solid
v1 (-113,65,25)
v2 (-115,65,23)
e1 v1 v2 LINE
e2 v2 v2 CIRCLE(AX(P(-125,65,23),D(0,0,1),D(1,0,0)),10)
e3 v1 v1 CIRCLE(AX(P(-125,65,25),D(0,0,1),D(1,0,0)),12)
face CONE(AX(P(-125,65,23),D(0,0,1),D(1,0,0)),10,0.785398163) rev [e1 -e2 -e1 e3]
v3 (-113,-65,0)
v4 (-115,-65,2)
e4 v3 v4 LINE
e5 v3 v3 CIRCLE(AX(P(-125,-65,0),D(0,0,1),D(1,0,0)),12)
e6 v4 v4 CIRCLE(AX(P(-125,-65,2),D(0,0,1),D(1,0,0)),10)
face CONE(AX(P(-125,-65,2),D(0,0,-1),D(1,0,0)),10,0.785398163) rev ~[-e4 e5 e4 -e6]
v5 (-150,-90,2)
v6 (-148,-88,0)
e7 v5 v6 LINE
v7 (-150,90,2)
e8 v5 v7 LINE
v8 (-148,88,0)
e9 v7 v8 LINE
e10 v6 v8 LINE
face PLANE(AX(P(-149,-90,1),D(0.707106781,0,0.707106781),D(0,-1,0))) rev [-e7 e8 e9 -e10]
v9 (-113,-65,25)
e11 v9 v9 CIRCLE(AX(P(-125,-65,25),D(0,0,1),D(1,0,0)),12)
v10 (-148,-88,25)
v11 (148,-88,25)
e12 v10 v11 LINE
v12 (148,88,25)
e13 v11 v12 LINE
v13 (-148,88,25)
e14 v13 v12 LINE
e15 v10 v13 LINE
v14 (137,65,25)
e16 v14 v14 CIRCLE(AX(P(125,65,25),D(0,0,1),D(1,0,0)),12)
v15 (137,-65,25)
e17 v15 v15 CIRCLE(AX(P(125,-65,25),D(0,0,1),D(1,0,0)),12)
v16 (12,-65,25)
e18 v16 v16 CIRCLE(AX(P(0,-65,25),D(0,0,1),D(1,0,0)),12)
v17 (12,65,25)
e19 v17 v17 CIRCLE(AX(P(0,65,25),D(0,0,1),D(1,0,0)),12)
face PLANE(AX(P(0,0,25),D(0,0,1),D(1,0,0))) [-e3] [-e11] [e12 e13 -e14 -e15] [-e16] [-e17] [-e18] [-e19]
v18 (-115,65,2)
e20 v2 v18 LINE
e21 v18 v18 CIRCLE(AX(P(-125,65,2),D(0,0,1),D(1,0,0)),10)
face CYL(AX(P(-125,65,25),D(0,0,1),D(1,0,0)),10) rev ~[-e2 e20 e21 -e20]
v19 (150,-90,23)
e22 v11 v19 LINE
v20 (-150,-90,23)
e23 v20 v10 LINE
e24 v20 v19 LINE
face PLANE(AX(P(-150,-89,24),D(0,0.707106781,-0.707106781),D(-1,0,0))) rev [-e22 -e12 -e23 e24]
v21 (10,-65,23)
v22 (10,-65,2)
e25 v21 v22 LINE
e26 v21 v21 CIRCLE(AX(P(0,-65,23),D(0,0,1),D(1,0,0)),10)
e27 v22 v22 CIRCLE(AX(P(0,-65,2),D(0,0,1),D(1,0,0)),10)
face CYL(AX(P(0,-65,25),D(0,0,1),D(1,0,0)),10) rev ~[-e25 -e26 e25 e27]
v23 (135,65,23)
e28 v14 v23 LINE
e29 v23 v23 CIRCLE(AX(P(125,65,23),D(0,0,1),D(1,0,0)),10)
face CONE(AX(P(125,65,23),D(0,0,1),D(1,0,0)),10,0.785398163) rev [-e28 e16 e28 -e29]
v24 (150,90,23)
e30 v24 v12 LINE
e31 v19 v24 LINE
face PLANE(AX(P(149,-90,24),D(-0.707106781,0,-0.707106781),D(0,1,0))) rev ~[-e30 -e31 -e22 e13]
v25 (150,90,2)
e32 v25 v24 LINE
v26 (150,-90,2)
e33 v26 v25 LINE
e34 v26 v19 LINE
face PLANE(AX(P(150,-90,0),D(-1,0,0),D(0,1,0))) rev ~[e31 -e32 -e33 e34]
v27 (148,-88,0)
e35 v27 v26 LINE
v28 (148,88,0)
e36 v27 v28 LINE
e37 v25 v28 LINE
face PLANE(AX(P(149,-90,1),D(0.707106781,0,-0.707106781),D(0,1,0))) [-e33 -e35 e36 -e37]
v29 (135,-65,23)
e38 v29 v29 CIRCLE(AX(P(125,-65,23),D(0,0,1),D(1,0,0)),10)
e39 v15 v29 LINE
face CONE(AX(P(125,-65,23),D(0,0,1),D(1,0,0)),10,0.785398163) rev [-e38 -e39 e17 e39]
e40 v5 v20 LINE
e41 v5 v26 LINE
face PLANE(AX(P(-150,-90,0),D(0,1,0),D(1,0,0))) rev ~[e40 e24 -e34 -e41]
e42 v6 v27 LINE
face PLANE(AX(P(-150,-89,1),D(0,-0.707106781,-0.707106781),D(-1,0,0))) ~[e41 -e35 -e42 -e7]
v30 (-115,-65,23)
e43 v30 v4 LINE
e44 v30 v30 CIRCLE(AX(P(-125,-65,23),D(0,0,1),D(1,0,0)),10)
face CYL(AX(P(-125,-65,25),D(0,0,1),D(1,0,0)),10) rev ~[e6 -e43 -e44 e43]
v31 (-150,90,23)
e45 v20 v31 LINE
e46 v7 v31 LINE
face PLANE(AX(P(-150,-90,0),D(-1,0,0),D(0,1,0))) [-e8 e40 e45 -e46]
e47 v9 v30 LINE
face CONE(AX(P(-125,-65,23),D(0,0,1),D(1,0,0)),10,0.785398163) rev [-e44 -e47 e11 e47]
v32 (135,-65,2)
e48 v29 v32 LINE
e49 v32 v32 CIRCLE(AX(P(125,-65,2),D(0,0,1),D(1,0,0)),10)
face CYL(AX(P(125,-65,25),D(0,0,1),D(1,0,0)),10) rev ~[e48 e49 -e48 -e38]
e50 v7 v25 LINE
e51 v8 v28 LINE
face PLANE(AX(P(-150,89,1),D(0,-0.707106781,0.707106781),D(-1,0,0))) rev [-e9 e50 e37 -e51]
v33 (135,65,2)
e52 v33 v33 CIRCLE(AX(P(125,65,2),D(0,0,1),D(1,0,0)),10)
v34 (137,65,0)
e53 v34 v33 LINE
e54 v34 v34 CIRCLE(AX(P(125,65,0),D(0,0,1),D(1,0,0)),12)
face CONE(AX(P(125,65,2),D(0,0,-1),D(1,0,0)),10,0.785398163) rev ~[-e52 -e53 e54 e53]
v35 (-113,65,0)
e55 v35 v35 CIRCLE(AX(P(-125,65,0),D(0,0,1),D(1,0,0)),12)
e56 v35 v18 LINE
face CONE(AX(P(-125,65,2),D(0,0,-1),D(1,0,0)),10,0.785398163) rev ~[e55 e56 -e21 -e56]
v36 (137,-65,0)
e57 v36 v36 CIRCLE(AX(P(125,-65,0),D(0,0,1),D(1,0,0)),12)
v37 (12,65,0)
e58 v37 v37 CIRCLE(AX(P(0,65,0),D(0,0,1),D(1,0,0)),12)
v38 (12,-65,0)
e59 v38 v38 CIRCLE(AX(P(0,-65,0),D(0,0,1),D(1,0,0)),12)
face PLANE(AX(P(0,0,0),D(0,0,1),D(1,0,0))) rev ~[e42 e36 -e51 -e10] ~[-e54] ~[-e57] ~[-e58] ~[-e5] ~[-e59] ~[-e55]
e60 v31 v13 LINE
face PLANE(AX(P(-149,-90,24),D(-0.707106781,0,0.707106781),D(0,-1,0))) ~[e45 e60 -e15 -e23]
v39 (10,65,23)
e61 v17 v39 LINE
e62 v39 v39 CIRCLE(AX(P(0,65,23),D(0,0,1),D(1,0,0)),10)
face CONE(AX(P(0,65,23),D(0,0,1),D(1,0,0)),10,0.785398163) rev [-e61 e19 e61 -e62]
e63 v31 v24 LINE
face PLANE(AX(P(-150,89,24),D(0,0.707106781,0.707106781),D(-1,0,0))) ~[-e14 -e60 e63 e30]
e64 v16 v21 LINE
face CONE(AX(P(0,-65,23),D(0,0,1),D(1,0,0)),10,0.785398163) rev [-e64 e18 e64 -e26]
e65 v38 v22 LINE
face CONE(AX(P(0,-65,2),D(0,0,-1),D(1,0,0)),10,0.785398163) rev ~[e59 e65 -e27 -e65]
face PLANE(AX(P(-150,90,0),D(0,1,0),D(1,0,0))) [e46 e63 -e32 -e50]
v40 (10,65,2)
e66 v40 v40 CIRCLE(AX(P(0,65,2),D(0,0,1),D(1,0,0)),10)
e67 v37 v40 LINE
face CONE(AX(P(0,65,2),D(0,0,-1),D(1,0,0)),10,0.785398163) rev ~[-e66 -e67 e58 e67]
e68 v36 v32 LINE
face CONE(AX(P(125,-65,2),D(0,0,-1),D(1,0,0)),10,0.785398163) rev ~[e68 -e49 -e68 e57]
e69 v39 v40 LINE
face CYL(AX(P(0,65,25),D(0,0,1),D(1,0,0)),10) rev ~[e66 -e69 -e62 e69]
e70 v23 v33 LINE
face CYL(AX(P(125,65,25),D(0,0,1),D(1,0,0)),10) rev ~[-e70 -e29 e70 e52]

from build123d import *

# Parameters (mm, degrees)
F0_W     = 300
F0_H     = 180
F1_DEPTH = 25
F2_R     = 10
F3_DEPTH = 25.001
F4_SIZE2 = 2
F4_SIZE  = 2


with BuildPart() as f1:
    # F0 (on Top) → F1 (new body)
    with BuildSketch(Plane.XY):
        Rectangle(F0_W, F0_H)
    extrude(amount=F1_DEPTH)

    # F2 (on face) → F3 (cut, through all)
    with BuildSketch(Plane.XY.offset(25)):
        with Locations((-125, 65)):
            Circle(F2_R)
        with Locations((0, 65)):
            Circle(F2_R)
        with Locations((125, 65)):
            Circle(F2_R)
        with Locations((125, -65)):
            Circle(F2_R)
        with Locations((0, -65)):
            Circle(F2_R)
        with Locations((-125, -65)):
            Circle(F2_R)
    extrude(amount=-F3_DEPTH, mode=Mode.SUBTRACT)

    # F4
    f4_edges = [f1.edges().sort_by_distance(p)[0] for p in [
        (0, 90, 25),
        (150, 0, 25),
        (-150, 0, 25),
        (0, -90, 25),
        (-135, -65, 25),
        (-10, -65, 25),
        (115, -65, 25),
        (-135, 65, 25),
        (-10, 65, 25),
        (115, 65, 25),
        (0, 90, 0),
        (150, 0, 0),
        (-150, 0, 0),
        (0, -90, 0),
        (-135, -65, 0),
        (-10, -65, 0),
        (115, -65, 0),
        (-135, 65, 0),
        (-10, 65, 0),
        (115, 65, 0),
    ]]
    chamfer(f4_edges, length=F4_SIZE, length2=F4_SIZE2)


solid = f1.part
